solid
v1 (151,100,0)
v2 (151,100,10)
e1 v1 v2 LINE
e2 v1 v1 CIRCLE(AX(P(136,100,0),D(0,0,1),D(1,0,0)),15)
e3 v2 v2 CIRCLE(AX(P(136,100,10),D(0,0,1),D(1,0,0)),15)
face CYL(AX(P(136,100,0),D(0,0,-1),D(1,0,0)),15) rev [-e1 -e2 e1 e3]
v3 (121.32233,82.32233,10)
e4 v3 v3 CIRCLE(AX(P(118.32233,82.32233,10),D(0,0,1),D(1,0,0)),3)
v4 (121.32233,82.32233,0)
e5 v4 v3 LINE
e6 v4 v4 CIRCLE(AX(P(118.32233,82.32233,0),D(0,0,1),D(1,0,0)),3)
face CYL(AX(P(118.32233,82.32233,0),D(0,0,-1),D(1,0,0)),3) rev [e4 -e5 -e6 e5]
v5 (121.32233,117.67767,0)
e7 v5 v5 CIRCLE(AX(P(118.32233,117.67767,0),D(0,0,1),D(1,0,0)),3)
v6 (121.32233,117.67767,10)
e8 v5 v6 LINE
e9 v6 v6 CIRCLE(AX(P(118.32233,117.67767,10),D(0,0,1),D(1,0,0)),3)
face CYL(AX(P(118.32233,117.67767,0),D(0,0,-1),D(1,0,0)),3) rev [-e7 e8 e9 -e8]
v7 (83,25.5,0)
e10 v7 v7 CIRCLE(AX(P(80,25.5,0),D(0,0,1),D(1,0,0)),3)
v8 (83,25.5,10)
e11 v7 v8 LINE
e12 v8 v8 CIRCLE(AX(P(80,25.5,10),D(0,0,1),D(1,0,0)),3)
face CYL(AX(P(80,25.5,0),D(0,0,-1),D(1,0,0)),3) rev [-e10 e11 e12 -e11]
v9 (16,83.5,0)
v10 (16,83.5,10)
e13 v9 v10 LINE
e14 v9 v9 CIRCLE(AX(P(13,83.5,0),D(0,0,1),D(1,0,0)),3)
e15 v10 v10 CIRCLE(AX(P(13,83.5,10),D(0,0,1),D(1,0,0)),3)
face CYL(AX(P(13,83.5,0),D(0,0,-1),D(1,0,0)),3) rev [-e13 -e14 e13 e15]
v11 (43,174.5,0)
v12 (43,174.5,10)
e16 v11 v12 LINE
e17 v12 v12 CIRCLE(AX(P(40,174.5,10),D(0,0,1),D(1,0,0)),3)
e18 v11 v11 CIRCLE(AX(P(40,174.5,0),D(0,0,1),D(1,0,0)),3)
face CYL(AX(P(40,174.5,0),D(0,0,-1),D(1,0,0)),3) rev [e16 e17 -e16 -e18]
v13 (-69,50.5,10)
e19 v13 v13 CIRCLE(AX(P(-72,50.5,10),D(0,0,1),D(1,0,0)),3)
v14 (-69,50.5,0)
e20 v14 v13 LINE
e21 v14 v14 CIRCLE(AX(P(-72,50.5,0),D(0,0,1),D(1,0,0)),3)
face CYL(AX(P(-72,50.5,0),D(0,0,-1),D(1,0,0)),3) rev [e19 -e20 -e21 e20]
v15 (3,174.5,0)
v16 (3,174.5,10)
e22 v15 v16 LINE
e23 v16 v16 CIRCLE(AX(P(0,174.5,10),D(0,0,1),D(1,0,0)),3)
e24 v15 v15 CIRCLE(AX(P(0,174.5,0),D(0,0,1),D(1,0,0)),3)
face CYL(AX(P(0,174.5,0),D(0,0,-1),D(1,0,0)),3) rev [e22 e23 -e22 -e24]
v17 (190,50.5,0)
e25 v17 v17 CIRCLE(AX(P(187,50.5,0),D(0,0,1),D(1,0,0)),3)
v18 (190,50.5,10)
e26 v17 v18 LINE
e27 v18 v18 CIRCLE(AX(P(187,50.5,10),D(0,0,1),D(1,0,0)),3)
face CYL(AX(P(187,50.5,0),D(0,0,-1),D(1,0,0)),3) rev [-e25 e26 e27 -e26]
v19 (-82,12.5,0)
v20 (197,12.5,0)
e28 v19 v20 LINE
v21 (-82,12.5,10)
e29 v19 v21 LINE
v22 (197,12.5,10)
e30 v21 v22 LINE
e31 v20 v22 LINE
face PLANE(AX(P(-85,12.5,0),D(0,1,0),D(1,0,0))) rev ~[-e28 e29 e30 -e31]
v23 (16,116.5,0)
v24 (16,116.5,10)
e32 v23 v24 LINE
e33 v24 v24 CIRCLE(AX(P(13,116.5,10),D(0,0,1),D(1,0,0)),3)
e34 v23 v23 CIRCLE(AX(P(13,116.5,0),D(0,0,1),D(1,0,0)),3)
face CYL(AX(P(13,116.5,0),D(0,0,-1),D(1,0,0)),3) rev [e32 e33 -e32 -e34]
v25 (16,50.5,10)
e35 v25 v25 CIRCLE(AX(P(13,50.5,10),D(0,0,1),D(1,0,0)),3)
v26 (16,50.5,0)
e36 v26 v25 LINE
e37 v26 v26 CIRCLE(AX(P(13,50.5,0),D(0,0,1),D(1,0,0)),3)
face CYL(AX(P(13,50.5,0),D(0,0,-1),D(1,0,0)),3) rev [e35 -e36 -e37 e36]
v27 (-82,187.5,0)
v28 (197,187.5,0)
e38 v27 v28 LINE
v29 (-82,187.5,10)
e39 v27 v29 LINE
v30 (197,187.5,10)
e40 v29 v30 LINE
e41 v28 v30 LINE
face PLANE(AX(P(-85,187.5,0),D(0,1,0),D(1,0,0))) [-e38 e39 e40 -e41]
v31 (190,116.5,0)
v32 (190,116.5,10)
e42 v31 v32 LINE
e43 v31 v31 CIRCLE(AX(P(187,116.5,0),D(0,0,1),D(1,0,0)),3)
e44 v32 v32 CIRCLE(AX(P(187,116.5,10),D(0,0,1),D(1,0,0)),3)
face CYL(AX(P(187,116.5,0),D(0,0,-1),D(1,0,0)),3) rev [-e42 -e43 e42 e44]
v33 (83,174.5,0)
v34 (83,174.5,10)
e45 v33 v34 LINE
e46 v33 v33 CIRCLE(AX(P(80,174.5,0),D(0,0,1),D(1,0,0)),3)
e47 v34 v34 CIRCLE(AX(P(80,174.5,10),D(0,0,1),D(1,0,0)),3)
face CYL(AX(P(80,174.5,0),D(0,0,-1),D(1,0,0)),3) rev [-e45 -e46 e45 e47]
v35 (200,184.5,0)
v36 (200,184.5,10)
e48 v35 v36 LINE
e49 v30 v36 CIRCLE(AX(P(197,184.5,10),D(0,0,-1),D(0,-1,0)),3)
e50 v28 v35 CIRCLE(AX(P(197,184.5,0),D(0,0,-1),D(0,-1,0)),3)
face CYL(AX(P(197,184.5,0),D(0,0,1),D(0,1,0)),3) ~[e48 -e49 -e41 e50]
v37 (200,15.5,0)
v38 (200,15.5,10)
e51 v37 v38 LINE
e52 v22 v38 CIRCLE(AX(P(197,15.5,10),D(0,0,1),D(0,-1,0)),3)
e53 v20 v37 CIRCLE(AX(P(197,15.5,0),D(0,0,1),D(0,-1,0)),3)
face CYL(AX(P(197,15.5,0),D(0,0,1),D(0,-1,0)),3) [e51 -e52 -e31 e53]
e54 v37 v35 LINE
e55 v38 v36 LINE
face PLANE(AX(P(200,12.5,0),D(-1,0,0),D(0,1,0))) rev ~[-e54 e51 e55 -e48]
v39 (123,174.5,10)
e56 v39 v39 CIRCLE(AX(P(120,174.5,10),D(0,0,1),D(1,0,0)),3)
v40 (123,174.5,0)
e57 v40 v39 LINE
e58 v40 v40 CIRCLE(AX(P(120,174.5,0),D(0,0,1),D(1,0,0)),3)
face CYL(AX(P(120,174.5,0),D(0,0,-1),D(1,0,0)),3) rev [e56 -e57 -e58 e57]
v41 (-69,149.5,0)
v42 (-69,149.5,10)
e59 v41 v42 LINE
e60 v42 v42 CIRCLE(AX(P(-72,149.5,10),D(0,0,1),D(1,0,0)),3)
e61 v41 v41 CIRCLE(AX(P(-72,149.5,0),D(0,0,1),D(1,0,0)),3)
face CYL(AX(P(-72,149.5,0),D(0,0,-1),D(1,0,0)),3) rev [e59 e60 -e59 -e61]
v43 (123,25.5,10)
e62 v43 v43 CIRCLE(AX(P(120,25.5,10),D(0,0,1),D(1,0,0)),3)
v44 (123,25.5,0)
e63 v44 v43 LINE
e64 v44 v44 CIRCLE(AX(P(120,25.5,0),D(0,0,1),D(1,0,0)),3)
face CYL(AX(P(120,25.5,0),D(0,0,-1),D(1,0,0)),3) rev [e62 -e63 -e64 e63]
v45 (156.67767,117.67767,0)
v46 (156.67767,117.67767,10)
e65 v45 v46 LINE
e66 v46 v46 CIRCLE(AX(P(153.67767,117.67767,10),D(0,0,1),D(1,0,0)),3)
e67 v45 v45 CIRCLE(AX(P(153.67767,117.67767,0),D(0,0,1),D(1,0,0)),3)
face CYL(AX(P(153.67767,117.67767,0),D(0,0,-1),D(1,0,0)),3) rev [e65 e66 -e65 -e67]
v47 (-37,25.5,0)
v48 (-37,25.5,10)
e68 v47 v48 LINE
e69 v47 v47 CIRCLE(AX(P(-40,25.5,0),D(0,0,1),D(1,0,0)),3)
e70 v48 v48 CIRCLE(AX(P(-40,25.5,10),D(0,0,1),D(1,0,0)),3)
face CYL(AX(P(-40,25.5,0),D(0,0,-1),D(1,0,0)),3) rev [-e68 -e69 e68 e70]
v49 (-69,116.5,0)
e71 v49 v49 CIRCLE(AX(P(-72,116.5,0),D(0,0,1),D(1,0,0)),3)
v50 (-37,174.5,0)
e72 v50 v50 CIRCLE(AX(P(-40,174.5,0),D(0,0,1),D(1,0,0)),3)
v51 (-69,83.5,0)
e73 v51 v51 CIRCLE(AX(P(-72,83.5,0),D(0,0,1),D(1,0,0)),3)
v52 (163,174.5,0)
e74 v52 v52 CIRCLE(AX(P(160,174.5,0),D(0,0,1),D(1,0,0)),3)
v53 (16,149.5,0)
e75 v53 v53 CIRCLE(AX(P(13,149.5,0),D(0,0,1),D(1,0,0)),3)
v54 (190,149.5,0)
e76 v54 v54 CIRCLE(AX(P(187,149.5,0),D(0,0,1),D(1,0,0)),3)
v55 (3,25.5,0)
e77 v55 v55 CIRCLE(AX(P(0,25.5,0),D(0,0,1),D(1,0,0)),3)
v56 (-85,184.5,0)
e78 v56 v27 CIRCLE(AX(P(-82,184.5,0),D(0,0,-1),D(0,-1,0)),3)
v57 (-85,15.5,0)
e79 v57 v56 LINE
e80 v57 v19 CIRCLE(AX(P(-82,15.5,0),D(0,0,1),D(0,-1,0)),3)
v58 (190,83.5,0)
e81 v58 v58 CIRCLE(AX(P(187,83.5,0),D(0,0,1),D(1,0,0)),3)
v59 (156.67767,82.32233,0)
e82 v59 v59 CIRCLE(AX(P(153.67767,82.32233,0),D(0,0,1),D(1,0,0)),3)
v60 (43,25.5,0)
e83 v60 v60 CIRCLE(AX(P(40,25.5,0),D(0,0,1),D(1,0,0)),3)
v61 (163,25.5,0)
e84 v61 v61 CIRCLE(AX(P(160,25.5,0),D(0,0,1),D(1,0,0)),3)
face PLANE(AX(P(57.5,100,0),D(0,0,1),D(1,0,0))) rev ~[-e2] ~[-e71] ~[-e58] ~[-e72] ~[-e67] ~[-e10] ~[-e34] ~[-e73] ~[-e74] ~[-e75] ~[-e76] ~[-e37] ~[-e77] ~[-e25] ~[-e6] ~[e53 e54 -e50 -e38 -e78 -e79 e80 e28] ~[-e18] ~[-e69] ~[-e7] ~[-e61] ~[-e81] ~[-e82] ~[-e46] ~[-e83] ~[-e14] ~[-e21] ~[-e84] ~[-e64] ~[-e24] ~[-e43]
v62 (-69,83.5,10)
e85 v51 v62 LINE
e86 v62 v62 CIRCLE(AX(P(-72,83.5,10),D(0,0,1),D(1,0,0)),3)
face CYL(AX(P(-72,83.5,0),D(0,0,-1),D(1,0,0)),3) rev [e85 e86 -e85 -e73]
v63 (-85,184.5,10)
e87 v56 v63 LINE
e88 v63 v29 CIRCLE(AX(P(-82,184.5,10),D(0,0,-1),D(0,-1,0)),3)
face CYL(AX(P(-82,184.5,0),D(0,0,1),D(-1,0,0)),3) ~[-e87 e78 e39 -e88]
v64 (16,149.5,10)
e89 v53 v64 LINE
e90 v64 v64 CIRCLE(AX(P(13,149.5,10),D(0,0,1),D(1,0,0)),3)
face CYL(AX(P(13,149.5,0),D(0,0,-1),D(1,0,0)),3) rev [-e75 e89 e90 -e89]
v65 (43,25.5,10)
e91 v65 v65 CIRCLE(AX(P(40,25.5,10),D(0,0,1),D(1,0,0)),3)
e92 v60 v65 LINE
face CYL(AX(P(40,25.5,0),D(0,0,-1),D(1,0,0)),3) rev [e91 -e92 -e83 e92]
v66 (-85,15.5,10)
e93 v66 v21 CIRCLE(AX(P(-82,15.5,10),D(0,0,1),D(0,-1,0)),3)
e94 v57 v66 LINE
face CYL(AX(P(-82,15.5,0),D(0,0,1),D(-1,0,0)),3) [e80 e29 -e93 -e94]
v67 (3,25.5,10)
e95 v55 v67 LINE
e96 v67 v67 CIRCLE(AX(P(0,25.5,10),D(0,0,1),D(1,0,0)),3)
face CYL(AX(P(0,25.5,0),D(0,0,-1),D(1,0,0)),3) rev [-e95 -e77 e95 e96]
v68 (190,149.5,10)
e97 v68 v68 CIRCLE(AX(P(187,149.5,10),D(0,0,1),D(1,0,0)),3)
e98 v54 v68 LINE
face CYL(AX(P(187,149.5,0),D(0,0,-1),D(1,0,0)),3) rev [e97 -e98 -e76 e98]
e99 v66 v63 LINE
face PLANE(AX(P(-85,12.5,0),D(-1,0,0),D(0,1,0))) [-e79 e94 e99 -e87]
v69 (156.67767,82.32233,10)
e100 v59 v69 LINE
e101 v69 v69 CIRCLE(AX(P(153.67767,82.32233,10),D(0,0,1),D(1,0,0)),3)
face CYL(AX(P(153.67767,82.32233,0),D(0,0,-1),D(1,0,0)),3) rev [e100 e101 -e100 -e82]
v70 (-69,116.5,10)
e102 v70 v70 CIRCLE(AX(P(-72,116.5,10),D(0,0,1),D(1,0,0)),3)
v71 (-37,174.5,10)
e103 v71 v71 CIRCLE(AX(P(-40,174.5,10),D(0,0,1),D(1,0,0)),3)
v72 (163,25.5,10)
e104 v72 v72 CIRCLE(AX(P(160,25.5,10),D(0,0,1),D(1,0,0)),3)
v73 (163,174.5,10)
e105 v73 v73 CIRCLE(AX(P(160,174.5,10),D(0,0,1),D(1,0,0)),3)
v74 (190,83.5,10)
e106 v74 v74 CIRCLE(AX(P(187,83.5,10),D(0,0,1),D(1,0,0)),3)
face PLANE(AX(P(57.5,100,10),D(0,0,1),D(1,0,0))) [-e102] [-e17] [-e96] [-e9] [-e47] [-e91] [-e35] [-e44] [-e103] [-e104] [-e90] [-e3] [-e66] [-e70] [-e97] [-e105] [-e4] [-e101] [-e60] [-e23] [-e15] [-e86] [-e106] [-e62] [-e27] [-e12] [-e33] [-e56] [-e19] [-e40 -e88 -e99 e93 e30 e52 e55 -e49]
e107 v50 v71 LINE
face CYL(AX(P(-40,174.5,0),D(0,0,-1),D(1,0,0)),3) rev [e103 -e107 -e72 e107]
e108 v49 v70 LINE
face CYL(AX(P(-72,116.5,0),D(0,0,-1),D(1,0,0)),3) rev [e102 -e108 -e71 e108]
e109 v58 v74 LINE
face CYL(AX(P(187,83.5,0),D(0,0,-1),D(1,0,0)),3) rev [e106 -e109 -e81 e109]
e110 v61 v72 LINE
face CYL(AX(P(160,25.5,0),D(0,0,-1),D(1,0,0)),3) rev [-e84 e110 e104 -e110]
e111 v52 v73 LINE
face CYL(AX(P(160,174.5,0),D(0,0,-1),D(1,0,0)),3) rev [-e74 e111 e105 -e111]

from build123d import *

# Parameters (mm, degrees)
SKETCH_W   = 285
SKETCH_H   = 175
SKETCH_R   = 15
SKETCH_R_2 = 3
PAD_DEPTH  = 10
FILLET_R   = 3


with BuildPart() as part:
    # Sketch → Pad (new body)
    with BuildSketch(Plane.XY):
        with Locations((57.5, 100)):
            Rectangle(SKETCH_W, SKETCH_H)
        with Locations((136, 100)):
            Circle(SKETCH_R, mode=Mode.SUBTRACT)
        with Locations((118.32233, 117.67767)):
            Circle(SKETCH_R_2, mode=Mode.SUBTRACT)
        with Locations((153.67767, 117.67767)):
            Circle(SKETCH_R_2, mode=Mode.SUBTRACT)
        with Locations((118.32233, 82.32233)):
            Circle(SKETCH_R_2, mode=Mode.SUBTRACT)
        with Locations((153.67767, 82.32233)):
            Circle(SKETCH_R_2, mode=Mode.SUBTRACT)
        with Locations((40, 25.5)):
            Circle(SKETCH_R_2, mode=Mode.SUBTRACT)
        with Locations((160, 25.5)):
            Circle(SKETCH_R_2, mode=Mode.SUBTRACT)
        with Locations((80, 25.5)):
            Circle(SKETCH_R_2, mode=Mode.SUBTRACT)
        with Locations((120, 25.5)):
            Circle(SKETCH_R_2, mode=Mode.SUBTRACT)
        with Locations((40, 174.5)):
            Circle(SKETCH_R_2, mode=Mode.SUBTRACT)
        with Locations((80, 174.5)):
            Circle(SKETCH_R_2, mode=Mode.SUBTRACT)
        with Locations((120, 174.5)):
            Circle(SKETCH_R_2, mode=Mode.SUBTRACT)
        with Locations((160, 174.5)):
            Circle(SKETCH_R_2, mode=Mode.SUBTRACT)
        with Locations((13, 149.5)):
            Circle(SKETCH_R_2, mode=Mode.SUBTRACT)
        with Locations((13, 116.5)):
            Circle(SKETCH_R_2, mode=Mode.SUBTRACT)
        with Locations((13, 83.5)):
            Circle(SKETCH_R_2, mode=Mode.SUBTRACT)
        with Locations((13, 50.5)):
            Circle(SKETCH_R_2, mode=Mode.SUBTRACT)
        with Locations((187, 149.5)):
            Circle(SKETCH_R_2, mode=Mode.SUBTRACT)
        with Locations((187, 116.5)):
            Circle(SKETCH_R_2, mode=Mode.SUBTRACT)
        with Locations((187, 83.5)):
            Circle(SKETCH_R_2, mode=Mode.SUBTRACT)
        with Locations((187, 50.5)):
            Circle(SKETCH_R_2, mode=Mode.SUBTRACT)
        with Locations((-72, 149.5)):
            Circle(SKETCH_R_2, mode=Mode.SUBTRACT)
        with Locations((-72, 116.5)):
            Circle(SKETCH_R_2, mode=Mode.SUBTRACT)
        with Locations((-72, 83.5)):
            Circle(SKETCH_R_2, mode=Mode.SUBTRACT)
        with Locations((-72, 50.5)):
            Circle(SKETCH_R_2, mode=Mode.SUBTRACT)
        with Locations((-40, 25.5)):
            Circle(SKETCH_R_2, mode=Mode.SUBTRACT)
        with Locations((0, 25.5)):
            Circle(SKETCH_R_2, mode=Mode.SUBTRACT)
        with Locations((-40, 174.5)):
            Circle(SKETCH_R_2, mode=Mode.SUBTRACT)
        with Locations((0, 174.5)):
            Circle(SKETCH_R_2, mode=Mode.SUBTRACT)
    extrude(amount=PAD_DEPTH)

    # Fillet
    fillet_edges = [part.edges().sort_by_distance(p)[0] for p in [
        (200, 12.5, 5),
        (200, 187.5, 5),
        (-85, 12.5, 5),
        (-85, 187.5, 5),
    ]]
    fillet(fillet_edges, radius=FILLET_R)


solid = part.part
